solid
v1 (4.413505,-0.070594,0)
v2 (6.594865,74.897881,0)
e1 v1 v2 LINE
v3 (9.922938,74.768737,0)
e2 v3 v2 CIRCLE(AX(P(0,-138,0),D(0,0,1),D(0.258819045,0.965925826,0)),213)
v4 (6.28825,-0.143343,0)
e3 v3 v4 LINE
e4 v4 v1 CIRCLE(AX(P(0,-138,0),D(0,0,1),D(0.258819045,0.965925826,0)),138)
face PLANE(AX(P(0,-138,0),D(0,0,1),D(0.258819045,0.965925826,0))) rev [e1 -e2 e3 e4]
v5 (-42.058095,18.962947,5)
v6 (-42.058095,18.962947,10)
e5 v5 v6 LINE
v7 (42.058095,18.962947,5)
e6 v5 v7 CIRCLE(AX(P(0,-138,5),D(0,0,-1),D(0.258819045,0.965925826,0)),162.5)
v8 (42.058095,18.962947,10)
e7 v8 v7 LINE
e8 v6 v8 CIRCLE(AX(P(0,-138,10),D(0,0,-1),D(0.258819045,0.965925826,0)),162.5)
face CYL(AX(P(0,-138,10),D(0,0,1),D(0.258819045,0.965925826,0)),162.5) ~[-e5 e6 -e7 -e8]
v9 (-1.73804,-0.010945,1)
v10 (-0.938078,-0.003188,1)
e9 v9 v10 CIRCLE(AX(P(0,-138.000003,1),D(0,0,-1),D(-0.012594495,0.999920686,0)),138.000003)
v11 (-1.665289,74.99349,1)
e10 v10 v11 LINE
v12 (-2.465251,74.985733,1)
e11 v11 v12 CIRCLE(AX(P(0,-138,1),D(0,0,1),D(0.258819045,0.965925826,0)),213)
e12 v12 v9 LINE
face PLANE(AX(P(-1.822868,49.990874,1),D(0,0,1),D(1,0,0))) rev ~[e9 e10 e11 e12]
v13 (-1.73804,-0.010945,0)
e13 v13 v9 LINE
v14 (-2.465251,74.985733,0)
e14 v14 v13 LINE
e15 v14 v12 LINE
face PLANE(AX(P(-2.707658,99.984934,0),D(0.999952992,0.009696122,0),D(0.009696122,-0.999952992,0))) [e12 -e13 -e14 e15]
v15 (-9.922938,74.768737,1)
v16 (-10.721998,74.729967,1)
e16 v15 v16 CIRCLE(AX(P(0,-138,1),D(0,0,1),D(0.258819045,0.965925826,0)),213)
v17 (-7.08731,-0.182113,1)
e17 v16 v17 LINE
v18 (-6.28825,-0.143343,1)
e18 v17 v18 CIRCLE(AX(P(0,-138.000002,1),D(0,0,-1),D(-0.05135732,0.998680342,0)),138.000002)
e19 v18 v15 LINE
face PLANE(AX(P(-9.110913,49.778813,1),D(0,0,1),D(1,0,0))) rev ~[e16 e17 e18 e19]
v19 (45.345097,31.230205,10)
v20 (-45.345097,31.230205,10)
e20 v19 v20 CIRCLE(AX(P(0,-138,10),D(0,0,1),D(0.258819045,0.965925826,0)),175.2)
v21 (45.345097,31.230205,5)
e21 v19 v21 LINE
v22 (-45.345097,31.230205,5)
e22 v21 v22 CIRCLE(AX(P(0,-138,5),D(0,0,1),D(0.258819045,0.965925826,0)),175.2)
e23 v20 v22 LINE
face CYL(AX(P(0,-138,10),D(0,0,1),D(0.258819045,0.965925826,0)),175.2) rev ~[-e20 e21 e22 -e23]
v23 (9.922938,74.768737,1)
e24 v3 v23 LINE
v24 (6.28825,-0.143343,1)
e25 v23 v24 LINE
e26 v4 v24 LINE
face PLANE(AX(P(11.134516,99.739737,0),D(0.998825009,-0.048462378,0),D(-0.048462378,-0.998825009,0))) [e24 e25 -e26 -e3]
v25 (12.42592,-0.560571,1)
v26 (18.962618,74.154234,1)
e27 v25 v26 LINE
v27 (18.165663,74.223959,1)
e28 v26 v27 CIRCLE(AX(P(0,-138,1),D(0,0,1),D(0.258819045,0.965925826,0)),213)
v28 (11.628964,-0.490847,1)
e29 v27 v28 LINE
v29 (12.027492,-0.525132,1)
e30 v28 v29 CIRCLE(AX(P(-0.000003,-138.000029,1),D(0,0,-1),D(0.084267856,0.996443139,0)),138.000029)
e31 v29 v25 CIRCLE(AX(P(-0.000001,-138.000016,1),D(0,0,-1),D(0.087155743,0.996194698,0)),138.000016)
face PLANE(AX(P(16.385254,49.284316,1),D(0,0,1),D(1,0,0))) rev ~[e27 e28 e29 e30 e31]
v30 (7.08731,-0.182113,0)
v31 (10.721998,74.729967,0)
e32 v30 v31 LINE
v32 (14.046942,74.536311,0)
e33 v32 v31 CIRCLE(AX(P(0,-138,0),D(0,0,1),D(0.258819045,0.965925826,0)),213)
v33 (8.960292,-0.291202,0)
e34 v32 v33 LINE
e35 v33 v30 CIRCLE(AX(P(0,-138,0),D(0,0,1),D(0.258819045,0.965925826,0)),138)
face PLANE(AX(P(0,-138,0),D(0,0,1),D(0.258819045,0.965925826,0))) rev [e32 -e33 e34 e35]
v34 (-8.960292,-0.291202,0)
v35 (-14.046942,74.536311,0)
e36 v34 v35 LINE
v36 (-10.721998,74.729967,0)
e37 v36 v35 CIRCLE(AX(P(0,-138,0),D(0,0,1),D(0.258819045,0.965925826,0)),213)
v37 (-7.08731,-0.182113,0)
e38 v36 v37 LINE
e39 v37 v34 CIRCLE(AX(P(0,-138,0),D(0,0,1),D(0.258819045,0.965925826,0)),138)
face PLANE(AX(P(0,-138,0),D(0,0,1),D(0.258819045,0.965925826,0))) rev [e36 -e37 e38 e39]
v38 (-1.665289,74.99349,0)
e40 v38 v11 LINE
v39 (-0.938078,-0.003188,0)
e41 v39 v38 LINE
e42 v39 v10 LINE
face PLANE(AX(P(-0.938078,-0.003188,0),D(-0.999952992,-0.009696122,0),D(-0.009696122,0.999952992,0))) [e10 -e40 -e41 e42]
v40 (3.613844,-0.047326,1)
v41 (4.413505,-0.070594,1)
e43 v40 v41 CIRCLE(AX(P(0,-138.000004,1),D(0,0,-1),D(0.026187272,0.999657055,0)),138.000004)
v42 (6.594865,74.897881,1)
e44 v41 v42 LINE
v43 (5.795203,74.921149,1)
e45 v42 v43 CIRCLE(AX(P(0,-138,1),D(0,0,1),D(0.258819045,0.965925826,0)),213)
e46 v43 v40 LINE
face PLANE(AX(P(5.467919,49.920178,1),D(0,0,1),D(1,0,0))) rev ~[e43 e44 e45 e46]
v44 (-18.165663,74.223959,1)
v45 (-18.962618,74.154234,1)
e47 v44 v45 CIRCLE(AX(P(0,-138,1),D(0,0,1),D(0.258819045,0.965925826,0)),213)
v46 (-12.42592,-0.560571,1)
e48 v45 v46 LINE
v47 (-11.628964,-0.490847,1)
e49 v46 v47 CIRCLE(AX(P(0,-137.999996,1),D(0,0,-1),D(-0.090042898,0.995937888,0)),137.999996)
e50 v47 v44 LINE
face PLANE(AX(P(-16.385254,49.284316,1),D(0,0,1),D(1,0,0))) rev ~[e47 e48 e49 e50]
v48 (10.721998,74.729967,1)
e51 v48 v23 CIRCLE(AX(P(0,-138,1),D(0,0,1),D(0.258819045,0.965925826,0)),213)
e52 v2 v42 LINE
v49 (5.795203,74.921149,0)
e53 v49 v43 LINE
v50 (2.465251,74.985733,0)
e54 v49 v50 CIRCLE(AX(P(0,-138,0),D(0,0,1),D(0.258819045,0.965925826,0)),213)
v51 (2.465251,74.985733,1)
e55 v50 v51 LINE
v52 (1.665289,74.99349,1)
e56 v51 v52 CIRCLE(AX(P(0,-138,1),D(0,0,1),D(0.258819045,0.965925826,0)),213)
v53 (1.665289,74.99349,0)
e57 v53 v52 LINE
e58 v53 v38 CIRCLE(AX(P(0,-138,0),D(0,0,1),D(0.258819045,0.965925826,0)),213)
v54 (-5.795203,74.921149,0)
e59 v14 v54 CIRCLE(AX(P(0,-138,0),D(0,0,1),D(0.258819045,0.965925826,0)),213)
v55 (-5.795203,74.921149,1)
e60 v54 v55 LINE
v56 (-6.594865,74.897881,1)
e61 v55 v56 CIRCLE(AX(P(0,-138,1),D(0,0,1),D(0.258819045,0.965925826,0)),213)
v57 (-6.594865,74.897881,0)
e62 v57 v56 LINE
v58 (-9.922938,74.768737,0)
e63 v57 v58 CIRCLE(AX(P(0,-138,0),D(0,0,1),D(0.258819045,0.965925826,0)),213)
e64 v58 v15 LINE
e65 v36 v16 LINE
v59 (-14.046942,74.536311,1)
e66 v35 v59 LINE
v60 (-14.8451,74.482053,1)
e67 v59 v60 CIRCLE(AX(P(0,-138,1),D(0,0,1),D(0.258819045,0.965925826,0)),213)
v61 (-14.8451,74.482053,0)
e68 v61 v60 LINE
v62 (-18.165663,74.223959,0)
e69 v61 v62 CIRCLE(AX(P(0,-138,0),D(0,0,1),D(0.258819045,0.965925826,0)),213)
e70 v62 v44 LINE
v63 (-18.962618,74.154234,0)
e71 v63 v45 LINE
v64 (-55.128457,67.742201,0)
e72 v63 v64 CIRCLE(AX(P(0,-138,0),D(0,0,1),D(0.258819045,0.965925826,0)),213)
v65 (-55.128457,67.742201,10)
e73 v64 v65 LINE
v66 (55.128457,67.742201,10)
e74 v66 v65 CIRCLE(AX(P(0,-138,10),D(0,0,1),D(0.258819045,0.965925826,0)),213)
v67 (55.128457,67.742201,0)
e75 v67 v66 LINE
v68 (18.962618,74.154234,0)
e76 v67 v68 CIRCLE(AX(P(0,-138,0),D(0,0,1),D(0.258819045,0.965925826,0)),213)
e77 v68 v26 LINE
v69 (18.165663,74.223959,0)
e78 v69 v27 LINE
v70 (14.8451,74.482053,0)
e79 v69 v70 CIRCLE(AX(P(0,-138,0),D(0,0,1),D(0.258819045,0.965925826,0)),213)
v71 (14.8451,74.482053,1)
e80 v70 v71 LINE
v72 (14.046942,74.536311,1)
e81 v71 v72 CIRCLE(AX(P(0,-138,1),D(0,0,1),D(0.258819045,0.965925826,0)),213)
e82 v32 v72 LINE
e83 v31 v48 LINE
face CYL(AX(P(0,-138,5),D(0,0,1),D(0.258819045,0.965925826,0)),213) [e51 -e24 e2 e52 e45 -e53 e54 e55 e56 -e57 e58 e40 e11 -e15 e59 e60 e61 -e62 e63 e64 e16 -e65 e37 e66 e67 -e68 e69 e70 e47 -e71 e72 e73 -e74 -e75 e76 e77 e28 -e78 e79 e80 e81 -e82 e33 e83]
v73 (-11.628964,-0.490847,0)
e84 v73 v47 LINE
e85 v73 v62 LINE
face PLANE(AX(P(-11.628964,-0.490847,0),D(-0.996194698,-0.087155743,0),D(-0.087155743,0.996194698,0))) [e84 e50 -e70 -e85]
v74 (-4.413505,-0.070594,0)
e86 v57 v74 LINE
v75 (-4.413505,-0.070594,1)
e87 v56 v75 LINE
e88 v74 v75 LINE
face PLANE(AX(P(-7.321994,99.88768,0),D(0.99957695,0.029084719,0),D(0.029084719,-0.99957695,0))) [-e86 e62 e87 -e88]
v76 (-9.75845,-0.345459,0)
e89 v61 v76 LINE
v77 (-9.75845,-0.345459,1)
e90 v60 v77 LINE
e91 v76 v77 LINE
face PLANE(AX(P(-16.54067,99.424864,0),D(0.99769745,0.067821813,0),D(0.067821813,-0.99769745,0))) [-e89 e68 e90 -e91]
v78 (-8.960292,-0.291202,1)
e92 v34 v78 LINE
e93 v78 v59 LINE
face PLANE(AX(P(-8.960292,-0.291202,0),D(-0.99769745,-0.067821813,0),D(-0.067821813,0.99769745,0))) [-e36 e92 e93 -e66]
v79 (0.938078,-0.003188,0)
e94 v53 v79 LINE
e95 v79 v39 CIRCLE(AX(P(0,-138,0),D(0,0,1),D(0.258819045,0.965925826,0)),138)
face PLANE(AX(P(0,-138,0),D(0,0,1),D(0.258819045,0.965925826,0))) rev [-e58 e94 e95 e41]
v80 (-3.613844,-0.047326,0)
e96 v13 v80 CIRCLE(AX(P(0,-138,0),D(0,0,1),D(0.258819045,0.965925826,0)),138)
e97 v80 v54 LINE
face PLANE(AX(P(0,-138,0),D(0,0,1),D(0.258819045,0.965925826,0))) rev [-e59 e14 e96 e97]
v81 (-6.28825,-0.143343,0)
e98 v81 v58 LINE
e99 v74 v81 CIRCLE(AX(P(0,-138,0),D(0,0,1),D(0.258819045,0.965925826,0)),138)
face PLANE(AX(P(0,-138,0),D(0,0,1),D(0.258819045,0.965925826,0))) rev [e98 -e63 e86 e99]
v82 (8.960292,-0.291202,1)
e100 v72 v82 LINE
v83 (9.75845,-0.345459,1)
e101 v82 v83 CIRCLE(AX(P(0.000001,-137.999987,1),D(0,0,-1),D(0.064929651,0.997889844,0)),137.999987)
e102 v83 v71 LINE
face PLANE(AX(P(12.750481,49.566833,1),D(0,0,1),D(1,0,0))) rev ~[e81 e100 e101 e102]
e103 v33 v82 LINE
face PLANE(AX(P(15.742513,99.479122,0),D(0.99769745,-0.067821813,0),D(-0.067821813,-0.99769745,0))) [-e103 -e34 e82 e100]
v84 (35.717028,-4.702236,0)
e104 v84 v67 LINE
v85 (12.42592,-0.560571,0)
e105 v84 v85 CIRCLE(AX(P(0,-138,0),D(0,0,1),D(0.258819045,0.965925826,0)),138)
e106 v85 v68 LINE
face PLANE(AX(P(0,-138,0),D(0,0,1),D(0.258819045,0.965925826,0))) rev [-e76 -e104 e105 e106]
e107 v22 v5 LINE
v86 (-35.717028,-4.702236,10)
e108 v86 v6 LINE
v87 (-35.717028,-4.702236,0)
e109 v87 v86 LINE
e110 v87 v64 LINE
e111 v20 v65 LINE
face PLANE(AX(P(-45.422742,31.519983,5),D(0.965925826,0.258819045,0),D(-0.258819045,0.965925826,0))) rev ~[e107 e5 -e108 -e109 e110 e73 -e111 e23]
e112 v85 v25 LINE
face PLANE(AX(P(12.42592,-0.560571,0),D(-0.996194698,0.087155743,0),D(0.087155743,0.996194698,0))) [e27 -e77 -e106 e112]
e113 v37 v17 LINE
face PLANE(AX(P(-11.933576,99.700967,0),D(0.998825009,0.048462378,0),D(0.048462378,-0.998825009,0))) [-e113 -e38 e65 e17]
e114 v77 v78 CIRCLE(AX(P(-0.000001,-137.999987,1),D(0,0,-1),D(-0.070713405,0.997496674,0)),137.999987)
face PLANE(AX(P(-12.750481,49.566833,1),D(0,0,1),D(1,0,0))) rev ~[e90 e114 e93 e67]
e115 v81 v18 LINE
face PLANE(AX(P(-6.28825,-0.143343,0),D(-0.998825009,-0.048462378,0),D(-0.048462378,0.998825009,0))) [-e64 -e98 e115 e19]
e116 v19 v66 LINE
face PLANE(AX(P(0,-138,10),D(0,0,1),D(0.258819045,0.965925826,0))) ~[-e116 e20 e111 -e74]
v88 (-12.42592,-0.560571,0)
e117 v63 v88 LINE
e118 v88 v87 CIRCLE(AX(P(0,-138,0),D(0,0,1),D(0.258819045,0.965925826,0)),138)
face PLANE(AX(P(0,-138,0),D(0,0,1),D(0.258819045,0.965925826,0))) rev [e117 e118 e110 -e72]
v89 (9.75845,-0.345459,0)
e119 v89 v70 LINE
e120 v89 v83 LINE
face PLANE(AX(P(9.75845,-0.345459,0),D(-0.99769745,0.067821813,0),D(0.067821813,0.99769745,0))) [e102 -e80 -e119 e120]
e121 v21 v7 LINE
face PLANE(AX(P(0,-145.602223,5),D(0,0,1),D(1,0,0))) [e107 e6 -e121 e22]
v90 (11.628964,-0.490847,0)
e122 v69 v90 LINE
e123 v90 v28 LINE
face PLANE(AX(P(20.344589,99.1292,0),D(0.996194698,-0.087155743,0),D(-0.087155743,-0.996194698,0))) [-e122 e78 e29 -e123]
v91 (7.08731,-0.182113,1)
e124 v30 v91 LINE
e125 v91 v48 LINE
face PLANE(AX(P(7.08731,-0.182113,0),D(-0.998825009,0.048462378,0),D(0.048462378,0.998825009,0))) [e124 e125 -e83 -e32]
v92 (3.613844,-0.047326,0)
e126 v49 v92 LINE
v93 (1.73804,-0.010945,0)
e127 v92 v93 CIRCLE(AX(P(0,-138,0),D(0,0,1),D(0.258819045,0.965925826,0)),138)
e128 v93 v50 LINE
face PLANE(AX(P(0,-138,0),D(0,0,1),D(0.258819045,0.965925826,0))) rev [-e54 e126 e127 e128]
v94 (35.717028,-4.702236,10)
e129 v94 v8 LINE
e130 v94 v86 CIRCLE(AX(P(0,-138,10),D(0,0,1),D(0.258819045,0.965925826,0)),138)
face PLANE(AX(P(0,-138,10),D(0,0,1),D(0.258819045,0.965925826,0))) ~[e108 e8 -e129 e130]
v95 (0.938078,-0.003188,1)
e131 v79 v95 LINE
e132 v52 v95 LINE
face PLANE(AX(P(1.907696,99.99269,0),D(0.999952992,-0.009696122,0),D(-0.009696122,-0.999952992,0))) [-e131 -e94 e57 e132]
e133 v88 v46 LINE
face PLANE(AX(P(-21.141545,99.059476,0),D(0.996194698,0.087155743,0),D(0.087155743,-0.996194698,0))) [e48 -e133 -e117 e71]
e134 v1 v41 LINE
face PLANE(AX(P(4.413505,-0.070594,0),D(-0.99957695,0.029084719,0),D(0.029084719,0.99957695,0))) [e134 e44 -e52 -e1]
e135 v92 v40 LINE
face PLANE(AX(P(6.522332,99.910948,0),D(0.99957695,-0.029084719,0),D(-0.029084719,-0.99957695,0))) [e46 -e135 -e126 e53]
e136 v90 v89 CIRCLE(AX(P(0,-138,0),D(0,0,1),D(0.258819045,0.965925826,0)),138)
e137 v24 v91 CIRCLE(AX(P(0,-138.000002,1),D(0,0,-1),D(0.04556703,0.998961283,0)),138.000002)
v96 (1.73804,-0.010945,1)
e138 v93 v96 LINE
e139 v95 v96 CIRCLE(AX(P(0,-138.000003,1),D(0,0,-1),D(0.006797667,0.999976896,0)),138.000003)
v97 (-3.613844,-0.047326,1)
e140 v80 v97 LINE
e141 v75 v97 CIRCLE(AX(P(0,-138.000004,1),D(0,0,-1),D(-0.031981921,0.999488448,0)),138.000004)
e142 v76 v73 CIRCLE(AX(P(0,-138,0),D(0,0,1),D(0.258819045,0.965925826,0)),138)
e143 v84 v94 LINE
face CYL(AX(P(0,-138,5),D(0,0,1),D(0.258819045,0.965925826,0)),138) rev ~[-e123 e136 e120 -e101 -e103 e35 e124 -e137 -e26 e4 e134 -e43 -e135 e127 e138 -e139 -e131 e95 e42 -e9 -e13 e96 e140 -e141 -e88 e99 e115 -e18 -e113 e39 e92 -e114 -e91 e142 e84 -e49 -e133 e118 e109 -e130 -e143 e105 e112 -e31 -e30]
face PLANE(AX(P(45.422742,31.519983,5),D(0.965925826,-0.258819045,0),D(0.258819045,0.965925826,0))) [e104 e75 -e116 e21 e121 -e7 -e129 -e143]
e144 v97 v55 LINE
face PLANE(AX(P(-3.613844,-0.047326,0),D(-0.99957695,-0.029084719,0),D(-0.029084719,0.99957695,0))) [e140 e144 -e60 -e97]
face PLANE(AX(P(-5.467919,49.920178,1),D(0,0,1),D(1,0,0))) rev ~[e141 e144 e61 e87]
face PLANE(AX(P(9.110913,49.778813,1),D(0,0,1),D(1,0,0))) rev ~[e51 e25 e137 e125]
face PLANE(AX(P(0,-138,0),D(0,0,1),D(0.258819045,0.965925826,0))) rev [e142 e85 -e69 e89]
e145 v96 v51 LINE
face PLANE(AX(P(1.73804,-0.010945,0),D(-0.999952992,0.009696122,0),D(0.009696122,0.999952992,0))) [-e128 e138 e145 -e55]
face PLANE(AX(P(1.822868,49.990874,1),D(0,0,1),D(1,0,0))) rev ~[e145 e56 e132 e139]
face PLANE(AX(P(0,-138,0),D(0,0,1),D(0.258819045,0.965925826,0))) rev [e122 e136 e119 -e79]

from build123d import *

# Parameters (mm, degrees)
F1_W          = 75
F1_H          = 10
F2_ANGLE_BACK = 15
F2_ANGLE      = 30
F3_DEPTH      = 1
F5_DEPTH      = 5


with BuildPart() as f2:
    # F1 (on Right) → F2 (revolve)
    with BuildSketch(Plane.YZ, mode=Mode.PRIVATE) as f2_sk:
        with Locations((37.5, 5)):
            Rectangle(F1_W, F1_H)
    revolve(f2_sk.sketch.rotate(Axis((0, -138, 25.0724516809), (0, 0, 1)), -F2_ANGLE_BACK), axis=Axis((0, -138, 25.0724516809), (0, 0, 1)), revolution_arc=F2_ANGLE)

    # F0 (on Top) → F3 (cut)
    with BuildSketch(Plane.XY):
        with BuildLine():
            Line((-21.1415446532, 99.0594758487), (-12.4259198532, -0.5605714658))
            ThreePointArc((-12.4259198532, -0.5605714658), (-12.0274924992, -0.5251316633), (-11.6289640948, -0.4908468716))
            Line((-11.6289640948, -0.4908468716), (-20.3445888947, 99.1292004429))
            Line((-20.3445888947, 99.1292004429), (-21.1415446532, 99.0594758487))
        make_face()
        with BuildLine():
            Line((-16.5406704722, 99.4248643684), (-9.7584498559, -0.3454590055))
            ThreePointArc((-9.7584498559, -0.3454590055), (-9.359410193, -0.3177519037), (-8.9602918959, -0.2912015551))
            Line((-8.9602918959, -0.2912015551), (-15.7425125122, 99.4791218187))
            Line((-15.7425125122, 99.4791218187), (-16.5406704722, 99.4248643684))
        make_face()
        with BuildLine():
            Line((-11.9335760215, 99.7009671064), (-7.0873101046, -0.1821127884))
            ThreePointArc((-7.0873101046, -0.1821127884), (-6.6878081953, -0.1621488069), (-6.2882500977, -0.1433428858))
            Line((-6.2882500977, -0.1433428858), (-11.1345160146, 99.739737009))
            Line((-11.1345160146, 99.739737009), (-11.9335760215, 99.7009671064))
        make_face()
        with BuildLine():
            Line((-7.3219938409, 99.8876802321), (-4.4135051058, -0.0705942423))
            ThreePointArc((-4.4135051058, -0.0705942423), (-4.0136911865, -0.0583808887), (-3.6138435458, -0.0473264673))
            Line((-3.6138435458, -0.0473264673), (-6.5223322808, 99.9109480071))
            Line((-6.5223322808, 99.9109480071), (-7.3219938409, 99.8876802321))
        make_face()
        with BuildLine():
            Line((-2.7076581579, 99.98493353), (-1.7380403683, -0.0109453048))
            ThreePointArc((-1.7380403683, -0.0109453048), (-1.3380647927, -0.006487172), (-0.9380779751, -0.0031884074))
            Line((-0.9380779751, -0.0031884074), (-1.9076957647, 99.9926904274))
            Line((-1.9076957647, 99.9926904274), (-2.7076581579, 99.98493353))
        make_face()
        with BuildLine():
            ThreePointArc((0.9380779751, -0.0031884074), (1.3380647927, -0.006487172), (1.7380403683, -0.0109453048))
            Line((1.7380403683, -0.0109453048), (2.7076581579, 99.98493353))
            Line((2.7076581579, 99.98493353), (1.9076957647, 99.9926904274))
            Line((1.9076957647, 99.9926904274), (0.9380779751, -0.0031884074))
        make_face()
        with BuildLine():
            ThreePointArc((3.6138435458, -0.0473264673), (4.0136911865, -0.0583808887), (4.4135051058, -0.0705942423))
            Line((4.4135051058, -0.0705942423), (7.3219938409, 99.8876802321))
            Line((7.3219938409, 99.8876802321), (6.5223322808, 99.9109480071))
            Line((6.5223322808, 99.9109480071), (3.6138435458, -0.0473264673))
        make_face()
        with BuildLine():
            ThreePointArc((6.2882500977, -0.1433428858), (6.6878081953, -0.1621488069), (7.0873101046, -0.1821127884))
            Line((7.0873101046, -0.1821127884), (11.9335760215, 99.7009671064))
            Line((11.9335760215, 99.7009671064), (11.1345160146, 99.739737009))
            Line((11.1345160146, 99.739737009), (6.2882500977, -0.1433428858))
        make_face()
        with BuildLine():
            ThreePointArc((8.9602918959, -0.2912015551), (9.359410193, -0.3177519037), (9.7584498559, -0.3454590055))
            Line((9.7584498559, -0.3454590055), (16.5406704722, 99.4248643684))
            Line((16.5406704722, 99.4248643684), (15.7425125122, 99.4791218187))
            Line((15.7425125122, 99.4791218187), (8.9602918959, -0.2912015551))
        make_face()
        with BuildLine():
            ThreePointArc((12.0274924992, -0.5251316633), (12.2267190167, -0.5427072066), (12.4259198532, -0.5605714658))
            Line((12.4259198532, -0.5605714658), (21.1415446532, 99.0594758487))
            Line((21.1415446532, 99.0594758487), (20.3445888947, 99.1292004429))
            Line((20.3445888947, 99.1292004429), (11.6289640948, -0.4908468716))
            ThreePointArc((11.6289640948, -0.4908468716), (11.828240719, -0.5078448729), (12.0274924992, -0.5251316633))
        make_face()
    extrude(amount=F3_DEPTH, mode=Mode.SUBTRACT)

    # F4 (on face) → F5 (cut)
    with BuildSketch(Plane.XY.offset(10)):
        with BuildLine():
            ThreePointArc((42.0580948292, 18.962946772), (128.9199177973, -39.0762677861), (162.5, -138))
            ThreePointArc((162.5, -138), (-98.9237322139, -266.9199177973), (-42.0580948292, 18.962946772))
            Line((-42.0580948292, 18.962946772), (-45.345096702, 31.2302047658))
            ThreePointArc((-45.345096702, 31.2302047658), (-106.6550023623, -276.995505219), (175.2, -138))
            ThreePointArc((175.2, -138), (138.995505219, -31.3449976377), (45.345096702, 31.2302047658))
            Line((45.345096702, 31.2302047658), (42.0580948292, 18.962946772))
        make_face()
        with BuildLine():
            ThreePointArc((-42.0580948292, 18.962946772), (0, 24.5), (42.0580948292, 18.962946772))
            Line((42.0580948292, 18.962946772), (45.345096702, 31.2302047658))
            ThreePointArc((45.345096702, 31.2302047658), (0, 37.2), (-45.345096702, 31.2302047658))
            Line((-45.345096702, 31.2302047658), (-42.0580948292, 18.962946772))
        make_face()
    extrude(amount=-F5_DEPTH, mode=Mode.SUBTRACT)


solid = f2.part
